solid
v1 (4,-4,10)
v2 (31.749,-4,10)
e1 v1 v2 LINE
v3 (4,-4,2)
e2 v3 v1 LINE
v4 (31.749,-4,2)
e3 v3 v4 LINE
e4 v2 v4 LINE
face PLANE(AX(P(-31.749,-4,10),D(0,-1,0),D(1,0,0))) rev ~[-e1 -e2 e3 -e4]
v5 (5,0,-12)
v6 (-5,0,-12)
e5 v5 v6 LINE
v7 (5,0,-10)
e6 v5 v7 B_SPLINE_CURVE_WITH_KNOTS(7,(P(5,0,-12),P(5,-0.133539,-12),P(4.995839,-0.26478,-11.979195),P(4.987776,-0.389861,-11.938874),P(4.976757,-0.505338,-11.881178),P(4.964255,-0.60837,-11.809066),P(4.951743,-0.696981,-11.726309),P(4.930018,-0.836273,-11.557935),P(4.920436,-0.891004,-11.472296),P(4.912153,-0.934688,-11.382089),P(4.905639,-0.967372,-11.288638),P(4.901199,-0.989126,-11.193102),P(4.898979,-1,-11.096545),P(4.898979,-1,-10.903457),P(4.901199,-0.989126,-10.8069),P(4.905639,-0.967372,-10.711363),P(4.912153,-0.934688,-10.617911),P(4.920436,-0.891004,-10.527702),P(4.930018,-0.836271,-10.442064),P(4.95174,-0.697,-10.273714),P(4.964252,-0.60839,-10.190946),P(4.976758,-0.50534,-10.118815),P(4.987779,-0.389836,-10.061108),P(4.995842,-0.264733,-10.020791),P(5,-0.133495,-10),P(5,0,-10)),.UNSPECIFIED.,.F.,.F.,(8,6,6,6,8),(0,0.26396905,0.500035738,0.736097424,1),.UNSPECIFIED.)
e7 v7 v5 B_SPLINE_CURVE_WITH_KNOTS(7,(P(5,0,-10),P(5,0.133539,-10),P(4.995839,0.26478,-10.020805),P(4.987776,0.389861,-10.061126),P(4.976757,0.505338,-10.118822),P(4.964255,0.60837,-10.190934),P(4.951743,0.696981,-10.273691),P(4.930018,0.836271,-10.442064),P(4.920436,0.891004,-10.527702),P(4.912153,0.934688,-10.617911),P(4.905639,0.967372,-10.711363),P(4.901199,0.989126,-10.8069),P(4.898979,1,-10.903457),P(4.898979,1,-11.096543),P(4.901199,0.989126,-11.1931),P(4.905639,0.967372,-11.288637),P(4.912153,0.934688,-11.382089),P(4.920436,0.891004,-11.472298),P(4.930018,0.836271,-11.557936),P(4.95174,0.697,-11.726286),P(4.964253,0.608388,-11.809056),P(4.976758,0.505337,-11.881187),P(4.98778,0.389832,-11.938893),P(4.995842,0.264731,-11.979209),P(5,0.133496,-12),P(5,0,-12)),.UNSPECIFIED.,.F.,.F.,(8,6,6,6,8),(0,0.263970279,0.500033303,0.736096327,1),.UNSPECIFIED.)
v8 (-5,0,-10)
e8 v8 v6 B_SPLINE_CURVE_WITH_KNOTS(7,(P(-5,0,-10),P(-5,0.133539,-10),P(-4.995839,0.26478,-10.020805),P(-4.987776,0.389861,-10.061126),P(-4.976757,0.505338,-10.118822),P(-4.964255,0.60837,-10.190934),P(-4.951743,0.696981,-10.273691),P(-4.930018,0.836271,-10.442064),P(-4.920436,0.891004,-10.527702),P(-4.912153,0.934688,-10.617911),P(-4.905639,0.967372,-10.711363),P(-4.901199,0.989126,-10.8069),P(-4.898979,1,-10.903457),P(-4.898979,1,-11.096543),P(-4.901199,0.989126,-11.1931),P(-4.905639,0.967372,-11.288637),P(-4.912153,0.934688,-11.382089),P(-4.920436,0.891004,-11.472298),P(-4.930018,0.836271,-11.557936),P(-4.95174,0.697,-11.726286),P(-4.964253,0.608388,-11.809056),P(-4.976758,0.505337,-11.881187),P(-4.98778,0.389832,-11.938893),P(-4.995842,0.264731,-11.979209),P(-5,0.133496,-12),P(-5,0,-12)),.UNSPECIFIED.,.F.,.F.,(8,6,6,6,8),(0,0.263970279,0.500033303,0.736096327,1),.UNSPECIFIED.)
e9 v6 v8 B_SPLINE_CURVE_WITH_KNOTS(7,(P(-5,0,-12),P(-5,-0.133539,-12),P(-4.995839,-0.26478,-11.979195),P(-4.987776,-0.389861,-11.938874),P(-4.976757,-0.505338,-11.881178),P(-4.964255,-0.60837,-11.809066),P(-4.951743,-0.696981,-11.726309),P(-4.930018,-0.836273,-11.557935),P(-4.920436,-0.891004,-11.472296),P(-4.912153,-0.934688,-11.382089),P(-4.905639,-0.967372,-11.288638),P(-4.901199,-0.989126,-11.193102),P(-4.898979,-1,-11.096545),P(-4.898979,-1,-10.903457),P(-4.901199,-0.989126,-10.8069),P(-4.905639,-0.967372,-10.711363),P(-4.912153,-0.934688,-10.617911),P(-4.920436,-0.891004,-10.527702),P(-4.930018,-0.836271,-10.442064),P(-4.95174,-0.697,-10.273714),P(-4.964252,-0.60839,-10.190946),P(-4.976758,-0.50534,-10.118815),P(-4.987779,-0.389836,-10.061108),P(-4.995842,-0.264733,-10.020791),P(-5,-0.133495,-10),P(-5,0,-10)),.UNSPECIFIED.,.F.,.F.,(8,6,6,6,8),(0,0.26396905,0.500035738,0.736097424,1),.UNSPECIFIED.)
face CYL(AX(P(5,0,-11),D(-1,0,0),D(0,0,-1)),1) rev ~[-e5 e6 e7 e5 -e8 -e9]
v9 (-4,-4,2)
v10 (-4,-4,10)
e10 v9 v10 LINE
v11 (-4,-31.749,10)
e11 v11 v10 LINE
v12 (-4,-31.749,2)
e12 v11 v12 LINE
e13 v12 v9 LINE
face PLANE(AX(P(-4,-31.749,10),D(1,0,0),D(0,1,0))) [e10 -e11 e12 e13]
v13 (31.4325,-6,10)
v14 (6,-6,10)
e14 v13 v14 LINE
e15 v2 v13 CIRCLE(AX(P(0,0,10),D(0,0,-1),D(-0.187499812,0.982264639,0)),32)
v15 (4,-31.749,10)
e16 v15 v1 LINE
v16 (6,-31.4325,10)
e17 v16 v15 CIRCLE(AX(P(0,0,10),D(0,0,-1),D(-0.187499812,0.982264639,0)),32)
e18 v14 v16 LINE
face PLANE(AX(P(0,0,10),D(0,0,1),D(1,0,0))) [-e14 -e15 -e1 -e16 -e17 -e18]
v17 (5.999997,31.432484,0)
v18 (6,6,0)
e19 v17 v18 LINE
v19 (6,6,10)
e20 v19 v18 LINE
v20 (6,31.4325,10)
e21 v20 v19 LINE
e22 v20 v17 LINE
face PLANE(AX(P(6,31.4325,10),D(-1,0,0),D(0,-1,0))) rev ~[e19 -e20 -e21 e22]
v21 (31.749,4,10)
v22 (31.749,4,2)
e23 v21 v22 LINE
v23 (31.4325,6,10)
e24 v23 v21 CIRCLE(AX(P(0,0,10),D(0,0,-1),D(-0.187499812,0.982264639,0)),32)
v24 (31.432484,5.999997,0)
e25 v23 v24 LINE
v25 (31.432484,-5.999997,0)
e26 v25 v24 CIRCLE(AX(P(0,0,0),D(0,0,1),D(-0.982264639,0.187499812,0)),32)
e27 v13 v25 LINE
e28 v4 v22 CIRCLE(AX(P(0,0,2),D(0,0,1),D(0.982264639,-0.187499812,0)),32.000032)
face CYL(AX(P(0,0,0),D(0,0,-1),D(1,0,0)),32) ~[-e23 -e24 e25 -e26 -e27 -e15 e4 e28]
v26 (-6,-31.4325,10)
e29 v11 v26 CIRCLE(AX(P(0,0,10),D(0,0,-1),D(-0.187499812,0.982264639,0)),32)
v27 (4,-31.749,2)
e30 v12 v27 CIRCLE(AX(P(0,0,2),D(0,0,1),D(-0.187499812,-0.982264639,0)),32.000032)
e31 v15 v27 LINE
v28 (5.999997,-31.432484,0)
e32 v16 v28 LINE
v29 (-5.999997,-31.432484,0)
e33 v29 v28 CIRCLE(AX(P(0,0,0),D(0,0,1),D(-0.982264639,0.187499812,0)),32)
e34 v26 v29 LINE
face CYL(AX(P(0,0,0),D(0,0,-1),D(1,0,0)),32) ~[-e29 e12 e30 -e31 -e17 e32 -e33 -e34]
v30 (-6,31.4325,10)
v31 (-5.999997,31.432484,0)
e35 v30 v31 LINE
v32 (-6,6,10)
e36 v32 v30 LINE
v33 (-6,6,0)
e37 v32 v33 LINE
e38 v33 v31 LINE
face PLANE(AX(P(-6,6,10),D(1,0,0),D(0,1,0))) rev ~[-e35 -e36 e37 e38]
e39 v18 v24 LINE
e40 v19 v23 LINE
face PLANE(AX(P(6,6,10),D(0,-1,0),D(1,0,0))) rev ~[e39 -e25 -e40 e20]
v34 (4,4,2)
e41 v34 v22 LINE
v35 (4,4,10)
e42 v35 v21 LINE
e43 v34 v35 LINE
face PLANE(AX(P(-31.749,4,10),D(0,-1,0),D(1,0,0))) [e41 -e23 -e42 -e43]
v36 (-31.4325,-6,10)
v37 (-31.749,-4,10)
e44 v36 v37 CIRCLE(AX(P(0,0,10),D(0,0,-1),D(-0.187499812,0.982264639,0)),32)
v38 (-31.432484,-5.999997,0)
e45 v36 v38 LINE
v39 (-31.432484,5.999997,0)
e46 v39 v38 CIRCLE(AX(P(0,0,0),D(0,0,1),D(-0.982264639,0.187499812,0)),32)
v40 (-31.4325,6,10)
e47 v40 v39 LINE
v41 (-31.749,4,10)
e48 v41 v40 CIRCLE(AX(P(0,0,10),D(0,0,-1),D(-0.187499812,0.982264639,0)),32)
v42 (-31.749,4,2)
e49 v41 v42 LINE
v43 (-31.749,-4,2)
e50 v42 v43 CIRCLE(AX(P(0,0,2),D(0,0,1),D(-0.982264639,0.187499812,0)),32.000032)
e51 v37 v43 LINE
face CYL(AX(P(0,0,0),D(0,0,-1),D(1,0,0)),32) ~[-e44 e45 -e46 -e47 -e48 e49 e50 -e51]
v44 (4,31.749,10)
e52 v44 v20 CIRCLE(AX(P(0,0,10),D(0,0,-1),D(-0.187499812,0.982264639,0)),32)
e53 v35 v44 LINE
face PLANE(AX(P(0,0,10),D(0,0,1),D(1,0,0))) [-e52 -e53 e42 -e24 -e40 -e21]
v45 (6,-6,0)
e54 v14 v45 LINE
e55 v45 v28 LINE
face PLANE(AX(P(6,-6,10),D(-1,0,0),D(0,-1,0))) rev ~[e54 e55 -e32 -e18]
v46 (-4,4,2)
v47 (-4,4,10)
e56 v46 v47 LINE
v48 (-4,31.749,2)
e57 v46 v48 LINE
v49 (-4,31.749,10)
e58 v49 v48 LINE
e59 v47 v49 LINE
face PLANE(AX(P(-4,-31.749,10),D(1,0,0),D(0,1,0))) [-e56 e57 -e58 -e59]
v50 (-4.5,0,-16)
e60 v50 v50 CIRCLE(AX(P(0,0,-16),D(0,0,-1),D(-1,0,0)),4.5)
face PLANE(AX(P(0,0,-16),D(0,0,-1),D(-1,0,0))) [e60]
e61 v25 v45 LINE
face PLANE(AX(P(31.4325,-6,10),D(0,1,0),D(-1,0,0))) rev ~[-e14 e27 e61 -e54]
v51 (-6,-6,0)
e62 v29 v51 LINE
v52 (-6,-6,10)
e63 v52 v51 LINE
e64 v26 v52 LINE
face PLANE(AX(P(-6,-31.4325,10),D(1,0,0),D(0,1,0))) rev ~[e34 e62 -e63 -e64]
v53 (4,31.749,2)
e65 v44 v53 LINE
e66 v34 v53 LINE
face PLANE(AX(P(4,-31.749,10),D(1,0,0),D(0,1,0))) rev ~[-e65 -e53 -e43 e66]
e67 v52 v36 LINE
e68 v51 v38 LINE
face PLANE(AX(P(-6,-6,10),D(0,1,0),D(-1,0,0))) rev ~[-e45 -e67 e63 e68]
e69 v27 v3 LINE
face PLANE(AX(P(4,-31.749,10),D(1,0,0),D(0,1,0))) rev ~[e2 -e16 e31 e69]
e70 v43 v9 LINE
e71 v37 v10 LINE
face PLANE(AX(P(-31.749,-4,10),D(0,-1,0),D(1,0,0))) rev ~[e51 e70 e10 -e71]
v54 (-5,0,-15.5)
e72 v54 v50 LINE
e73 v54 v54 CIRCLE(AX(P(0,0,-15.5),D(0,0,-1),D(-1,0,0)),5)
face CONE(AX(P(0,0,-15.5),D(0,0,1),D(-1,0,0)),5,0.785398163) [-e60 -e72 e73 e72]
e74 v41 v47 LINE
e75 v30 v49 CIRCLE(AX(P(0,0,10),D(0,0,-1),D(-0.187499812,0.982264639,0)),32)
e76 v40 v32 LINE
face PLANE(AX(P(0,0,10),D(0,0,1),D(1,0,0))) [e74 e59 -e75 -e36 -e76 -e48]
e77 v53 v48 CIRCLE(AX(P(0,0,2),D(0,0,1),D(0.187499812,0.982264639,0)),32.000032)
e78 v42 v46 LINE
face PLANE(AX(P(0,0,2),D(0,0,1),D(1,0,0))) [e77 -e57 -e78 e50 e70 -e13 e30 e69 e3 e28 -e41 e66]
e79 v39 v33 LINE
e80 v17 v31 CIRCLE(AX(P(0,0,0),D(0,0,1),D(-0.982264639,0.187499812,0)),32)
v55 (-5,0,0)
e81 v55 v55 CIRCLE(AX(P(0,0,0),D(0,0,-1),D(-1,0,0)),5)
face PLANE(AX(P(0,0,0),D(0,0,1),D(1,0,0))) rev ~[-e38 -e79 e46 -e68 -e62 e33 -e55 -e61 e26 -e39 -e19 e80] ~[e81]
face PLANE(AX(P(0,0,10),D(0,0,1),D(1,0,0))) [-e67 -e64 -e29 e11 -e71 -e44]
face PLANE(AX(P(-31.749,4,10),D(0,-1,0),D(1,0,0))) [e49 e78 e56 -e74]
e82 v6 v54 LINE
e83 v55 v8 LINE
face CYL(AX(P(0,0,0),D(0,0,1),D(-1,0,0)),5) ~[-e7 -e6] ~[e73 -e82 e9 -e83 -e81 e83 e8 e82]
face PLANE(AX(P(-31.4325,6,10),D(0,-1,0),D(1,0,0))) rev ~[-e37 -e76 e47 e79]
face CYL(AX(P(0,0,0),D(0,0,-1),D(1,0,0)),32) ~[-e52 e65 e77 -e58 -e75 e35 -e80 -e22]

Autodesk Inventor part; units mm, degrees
ref_plane "YZ Plane" through (0, 0, 0) normal (1, 0, 0) x (0, 1, 0)
ref_plane "XY Plane" through (0, 0, 0) normal (0, 0, 1) x (1, 0, 0)
sketch "Sketch1" plane through (0, 0, 0) normal (0, 0, 1) x (1, 0, 0)
  circle A0 centre (0, 0) radius 32
  dimension "d0" = 64
extrude "Extrusion1" add sketch "Sketch1" along normal blind 10
sketch "Sketch2" plane through (0, 0, 10) normal (0, 0, 1) x (1, 0, 0)
  circle A0 centre (0, 0) radius 32 projected
  line L0 (-31.4325, 6) -> (-6, 6)
  line L1 (-6, 6) -> (-6, 31.4325)
  dimension "d3" = 6
extrude "Extrusion2" cut sketch "Sketch2" against normal through all contours L1 L0 A0 picked at (-8.4207, 22.185)
pattern_circular "Circular Pattern1" count 4 over 360 about axis through (0, 0, 0) along (0, 0, 1) of "Extrusion2"
sketch "Sketch3" plane through (0, 0, 10) normal (0, 0, 1) x (1, 0, 0)
  arc A0 (-31.4325, 6) -> (-31.4325, -6) centre (0, 0) ccw projected
  arc A1 (31.4325, -6) -> (31.4325, 6) centre (0, 0) ccw projected
  line L0 (-31.749, 4) -> (31.749, 4)
  line L1 (-31.749, -4) -> (31.749, -4)
  dimension "d9" = 8
extrude "Extrusion3" cut sketch "Sketch3" against normal blind 8
pattern_circular "Circular Pattern2" count 2 over 90 about axis through (0, 0, 0) along (0, 0, 1) of "Extrusion3"
sketch "Sketch4" plane through (0, 0, 0) normal (0, 0, -1) x (-1, 0, 0)
  arc A0 (6, 31.4325) -> (-6, 31.4325) centre (0, 0) ccw projected
  circle A1 centre (0, 0) radius 5
  dimension "d15" = 10
extrude "Extrusion4" add sketch "Sketch4" along normal blind 16
chamfer "Chamfer1" distance 0.5 angle 45 1 edges at (5, 0, -16)
hole "Hole1" at (5, 0, -11) direction (-1, 0, 0) diameter 2 end through all
ref_plane "Work Plane1" through (0, 0, -11) normal (0, 0, -1) x (-1, 0, 0)
properties part number "Cross" material "Steel"
